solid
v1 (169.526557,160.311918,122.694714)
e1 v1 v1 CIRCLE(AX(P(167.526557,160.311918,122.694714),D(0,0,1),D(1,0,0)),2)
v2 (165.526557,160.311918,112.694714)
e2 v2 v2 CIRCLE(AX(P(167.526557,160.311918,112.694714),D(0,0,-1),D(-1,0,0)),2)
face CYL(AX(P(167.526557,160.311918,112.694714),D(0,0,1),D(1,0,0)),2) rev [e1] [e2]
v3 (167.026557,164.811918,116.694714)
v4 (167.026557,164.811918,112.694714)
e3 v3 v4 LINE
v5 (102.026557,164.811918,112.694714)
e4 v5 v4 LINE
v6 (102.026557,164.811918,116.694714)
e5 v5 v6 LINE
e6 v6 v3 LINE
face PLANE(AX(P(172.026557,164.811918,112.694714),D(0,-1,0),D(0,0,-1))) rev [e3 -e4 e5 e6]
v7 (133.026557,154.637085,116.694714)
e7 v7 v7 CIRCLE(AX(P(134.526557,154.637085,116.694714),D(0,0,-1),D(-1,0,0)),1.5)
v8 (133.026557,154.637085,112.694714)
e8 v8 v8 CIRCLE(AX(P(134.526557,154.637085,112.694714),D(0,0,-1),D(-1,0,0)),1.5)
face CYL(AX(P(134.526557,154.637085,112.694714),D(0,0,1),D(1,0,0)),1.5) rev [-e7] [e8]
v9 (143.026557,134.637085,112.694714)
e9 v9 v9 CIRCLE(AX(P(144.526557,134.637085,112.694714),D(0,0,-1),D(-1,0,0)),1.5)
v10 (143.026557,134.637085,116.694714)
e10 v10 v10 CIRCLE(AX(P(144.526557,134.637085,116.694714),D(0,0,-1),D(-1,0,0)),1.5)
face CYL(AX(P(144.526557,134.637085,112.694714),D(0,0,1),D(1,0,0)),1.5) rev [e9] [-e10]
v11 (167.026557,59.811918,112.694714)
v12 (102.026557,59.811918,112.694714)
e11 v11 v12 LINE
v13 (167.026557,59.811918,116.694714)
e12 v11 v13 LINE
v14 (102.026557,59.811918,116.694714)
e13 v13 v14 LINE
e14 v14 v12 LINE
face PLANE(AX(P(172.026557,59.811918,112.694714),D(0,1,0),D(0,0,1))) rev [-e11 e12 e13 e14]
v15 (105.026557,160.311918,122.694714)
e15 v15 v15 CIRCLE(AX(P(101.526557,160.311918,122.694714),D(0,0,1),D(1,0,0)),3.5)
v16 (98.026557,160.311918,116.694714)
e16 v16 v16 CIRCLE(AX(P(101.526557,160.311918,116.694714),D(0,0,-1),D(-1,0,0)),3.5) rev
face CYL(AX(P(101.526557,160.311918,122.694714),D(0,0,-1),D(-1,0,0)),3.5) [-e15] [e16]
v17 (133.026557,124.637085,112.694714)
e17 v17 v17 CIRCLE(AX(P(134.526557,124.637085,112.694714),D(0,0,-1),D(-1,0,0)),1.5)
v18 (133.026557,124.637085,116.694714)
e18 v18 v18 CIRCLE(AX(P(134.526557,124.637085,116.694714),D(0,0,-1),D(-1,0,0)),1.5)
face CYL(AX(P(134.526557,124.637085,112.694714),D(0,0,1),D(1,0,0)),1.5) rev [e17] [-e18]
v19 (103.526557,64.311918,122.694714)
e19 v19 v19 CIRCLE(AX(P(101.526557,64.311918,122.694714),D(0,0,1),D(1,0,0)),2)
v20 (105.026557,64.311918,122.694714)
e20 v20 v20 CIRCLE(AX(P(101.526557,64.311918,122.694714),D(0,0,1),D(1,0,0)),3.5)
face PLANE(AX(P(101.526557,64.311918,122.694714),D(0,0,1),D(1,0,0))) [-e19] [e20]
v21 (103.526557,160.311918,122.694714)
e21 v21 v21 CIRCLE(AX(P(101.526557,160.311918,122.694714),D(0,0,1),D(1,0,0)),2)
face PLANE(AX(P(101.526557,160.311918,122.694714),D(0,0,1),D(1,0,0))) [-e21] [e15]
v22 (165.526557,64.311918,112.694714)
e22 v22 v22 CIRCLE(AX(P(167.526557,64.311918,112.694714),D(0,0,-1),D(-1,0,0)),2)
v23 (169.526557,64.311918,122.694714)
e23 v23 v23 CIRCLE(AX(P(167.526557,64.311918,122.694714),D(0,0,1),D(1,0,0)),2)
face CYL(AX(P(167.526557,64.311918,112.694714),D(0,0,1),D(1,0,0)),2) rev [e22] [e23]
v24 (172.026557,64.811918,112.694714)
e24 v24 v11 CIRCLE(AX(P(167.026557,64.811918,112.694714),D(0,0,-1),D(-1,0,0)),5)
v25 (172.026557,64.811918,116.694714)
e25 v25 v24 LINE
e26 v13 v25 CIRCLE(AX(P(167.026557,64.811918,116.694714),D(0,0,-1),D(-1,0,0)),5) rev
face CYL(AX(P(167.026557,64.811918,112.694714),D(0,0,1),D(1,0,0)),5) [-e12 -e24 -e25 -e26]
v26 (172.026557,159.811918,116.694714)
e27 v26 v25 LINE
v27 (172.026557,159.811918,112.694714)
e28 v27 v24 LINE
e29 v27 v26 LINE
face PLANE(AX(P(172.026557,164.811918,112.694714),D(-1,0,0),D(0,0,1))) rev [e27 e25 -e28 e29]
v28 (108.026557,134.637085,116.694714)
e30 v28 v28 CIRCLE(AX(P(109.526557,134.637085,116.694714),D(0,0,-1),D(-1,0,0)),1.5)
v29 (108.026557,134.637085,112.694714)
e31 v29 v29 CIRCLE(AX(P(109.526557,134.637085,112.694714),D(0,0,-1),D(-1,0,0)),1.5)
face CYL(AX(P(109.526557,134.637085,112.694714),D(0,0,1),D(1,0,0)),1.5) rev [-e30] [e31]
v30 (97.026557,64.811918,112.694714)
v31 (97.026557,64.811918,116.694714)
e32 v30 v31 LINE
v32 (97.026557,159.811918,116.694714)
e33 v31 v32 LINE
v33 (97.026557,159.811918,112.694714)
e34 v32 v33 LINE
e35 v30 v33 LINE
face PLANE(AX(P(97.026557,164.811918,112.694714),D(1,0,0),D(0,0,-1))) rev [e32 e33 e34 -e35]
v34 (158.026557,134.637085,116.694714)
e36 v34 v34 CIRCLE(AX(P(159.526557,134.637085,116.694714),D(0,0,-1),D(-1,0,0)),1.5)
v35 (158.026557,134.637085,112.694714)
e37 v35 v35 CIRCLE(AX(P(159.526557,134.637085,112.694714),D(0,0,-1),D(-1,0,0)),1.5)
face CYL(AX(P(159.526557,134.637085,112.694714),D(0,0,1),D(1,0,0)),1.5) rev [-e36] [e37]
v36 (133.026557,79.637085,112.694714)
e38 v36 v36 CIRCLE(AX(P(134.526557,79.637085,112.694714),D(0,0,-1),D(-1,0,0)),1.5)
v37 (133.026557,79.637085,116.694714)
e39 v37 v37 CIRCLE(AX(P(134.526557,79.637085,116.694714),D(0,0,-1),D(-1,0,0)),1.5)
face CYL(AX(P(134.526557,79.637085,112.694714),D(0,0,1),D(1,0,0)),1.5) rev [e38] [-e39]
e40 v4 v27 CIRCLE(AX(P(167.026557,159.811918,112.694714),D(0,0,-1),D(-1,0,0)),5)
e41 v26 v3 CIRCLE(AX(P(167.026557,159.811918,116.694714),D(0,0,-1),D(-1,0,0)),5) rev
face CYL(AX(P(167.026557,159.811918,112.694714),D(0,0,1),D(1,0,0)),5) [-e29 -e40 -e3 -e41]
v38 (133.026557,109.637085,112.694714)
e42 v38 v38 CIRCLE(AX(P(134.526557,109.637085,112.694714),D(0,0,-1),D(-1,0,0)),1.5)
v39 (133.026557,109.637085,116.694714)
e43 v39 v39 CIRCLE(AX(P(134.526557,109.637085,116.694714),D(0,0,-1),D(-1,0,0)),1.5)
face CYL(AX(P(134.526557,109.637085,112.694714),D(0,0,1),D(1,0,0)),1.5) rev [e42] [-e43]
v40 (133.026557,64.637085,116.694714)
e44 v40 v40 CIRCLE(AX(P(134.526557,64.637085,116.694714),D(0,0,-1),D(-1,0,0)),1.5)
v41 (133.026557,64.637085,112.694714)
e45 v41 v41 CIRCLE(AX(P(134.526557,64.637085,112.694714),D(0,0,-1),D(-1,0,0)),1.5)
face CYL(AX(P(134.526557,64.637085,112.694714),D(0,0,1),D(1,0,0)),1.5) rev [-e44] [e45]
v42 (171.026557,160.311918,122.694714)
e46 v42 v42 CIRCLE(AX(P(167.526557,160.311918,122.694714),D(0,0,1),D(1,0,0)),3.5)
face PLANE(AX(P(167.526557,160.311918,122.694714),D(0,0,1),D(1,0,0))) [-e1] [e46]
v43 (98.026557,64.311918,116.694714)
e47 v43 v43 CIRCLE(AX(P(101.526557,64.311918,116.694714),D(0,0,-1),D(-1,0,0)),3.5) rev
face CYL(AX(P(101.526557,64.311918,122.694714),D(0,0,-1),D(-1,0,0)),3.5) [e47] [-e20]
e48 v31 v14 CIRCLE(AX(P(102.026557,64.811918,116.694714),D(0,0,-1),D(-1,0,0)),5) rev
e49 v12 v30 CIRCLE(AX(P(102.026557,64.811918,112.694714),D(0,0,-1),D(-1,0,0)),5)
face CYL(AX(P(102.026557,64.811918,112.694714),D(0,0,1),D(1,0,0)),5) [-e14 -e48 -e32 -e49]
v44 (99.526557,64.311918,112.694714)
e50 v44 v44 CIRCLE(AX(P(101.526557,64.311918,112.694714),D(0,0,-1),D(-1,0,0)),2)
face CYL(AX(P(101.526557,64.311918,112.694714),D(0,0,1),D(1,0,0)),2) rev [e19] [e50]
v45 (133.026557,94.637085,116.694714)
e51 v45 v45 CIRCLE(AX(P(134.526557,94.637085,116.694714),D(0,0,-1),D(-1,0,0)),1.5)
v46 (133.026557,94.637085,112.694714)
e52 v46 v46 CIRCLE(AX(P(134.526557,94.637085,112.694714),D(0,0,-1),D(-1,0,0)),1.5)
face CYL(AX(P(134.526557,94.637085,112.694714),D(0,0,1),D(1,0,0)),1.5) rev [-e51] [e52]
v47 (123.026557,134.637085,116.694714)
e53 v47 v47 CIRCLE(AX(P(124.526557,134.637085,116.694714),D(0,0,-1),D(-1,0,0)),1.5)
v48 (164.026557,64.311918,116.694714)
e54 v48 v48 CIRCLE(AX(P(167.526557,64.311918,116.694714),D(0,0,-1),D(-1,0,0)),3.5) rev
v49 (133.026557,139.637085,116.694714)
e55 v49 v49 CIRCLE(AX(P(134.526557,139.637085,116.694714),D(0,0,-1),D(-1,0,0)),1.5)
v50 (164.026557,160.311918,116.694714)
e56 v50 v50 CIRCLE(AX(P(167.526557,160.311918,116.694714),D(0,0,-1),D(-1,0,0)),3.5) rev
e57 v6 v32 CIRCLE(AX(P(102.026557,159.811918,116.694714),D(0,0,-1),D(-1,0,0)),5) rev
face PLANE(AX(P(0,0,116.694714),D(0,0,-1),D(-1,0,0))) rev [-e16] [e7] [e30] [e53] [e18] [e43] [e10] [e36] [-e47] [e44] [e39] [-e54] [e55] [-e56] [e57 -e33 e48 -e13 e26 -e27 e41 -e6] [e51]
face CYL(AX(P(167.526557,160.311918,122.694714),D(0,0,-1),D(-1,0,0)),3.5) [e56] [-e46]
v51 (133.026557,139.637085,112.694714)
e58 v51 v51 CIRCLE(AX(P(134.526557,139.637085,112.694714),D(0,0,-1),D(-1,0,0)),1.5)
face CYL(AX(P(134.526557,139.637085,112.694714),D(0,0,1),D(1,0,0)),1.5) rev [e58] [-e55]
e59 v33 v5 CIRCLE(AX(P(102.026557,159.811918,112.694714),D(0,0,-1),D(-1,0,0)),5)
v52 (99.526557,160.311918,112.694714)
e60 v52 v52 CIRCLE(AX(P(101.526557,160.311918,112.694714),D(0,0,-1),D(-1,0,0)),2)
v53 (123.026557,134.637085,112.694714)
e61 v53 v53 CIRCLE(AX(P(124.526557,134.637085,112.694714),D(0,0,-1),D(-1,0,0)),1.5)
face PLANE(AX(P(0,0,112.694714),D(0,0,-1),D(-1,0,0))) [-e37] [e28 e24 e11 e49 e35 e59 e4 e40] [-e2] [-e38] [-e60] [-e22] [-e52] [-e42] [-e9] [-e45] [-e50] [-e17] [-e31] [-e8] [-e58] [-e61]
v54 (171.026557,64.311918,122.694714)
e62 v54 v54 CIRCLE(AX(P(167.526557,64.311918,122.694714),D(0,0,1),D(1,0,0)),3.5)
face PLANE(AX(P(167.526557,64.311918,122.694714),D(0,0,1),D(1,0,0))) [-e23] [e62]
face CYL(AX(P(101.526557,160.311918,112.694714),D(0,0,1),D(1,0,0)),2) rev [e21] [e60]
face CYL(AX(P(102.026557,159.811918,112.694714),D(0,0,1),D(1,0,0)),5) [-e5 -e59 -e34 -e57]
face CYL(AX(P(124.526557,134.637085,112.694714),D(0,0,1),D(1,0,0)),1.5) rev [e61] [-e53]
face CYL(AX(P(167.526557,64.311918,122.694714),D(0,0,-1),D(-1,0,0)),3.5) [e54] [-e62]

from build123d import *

# Parameters (mm, degrees)
SKETCH1_W           = 75
SKETCH1_H           = 105
SKETCH1_R           = 1.5
SKETCH1_R_2         = 2
BOSS_EXTRUDE1_DEPTH = 4
SKETCH2_R           = 3.5
SKETCH2_R_2         = 2
BOSS_EXTRUDE2_DEPTH = 6
FILLET1_R           = 5


with BuildPart() as part:
    # Sketch1 → Boss-Extrude1 (new body)
    with BuildSketch(Plane(origin=(0, 0, 116.694714263), x_dir=(-1, 0, 0), z_dir=(0, 0, -1))):
        with Locations((-134.526557277, 112.311918208)):
            Rectangle(SKETCH1_W, SKETCH1_H)
        with Locations((-134.526557277, 154.637085275)):
            Circle(SKETCH1_R, mode=Mode.SUBTRACT)
        with Locations((-134.526557277, 139.637085275)):
            Circle(SKETCH1_R, mode=Mode.SUBTRACT)
        with Locations((-144.526557277, 134.637085275)):
            Circle(SKETCH1_R, mode=Mode.SUBTRACT)
        with Locations((-159.526557277, 134.637085275)):
            Circle(SKETCH1_R, mode=Mode.SUBTRACT)
        with Locations((-124.526557277, 134.637085275)):
            Circle(SKETCH1_R, mode=Mode.SUBTRACT)
        with Locations((-109.526557277, 134.637085275)):
            Circle(SKETCH1_R, mode=Mode.SUBTRACT)
        with Locations((-134.526557277, 124.637085275)):
            Circle(SKETCH1_R, mode=Mode.SUBTRACT)
        with Locations((-134.526557277, 109.637085275)):
            Circle(SKETCH1_R, mode=Mode.SUBTRACT)
        with Locations((-134.526557277, 94.637085275)):
            Circle(SKETCH1_R, mode=Mode.SUBTRACT)
        with Locations((-134.526557277, 79.637085275)):
            Circle(SKETCH1_R, mode=Mode.SUBTRACT)
        with Locations((-134.526557277, 64.637085275)):
            Circle(SKETCH1_R, mode=Mode.SUBTRACT)
        with Locations((-167.526557277, 64.311918208)):
            Circle(SKETCH1_R_2, mode=Mode.SUBTRACT)
        with Locations((-101.526557277, 64.311918208)):
            Circle(SKETCH1_R_2, mode=Mode.SUBTRACT)
        with Locations((-101.526557277, 160.311918208)):
            Circle(SKETCH1_R_2, mode=Mode.SUBTRACT)
        with Locations((-167.526557277, 160.311918208)):
            Circle(SKETCH1_R_2, mode=Mode.SUBTRACT)
    extrude(amount=BOSS_EXTRUDE1_DEPTH)

    # Sketch2 → Boss-Extrude2 (add)
    with BuildSketch(Plane.XY.offset(116.694714263)):
        with Locations((101.526557277, 160.311918208)):
            Circle(SKETCH2_R)
        with Locations((101.526557277, 160.311918208)):
            Circle(SKETCH2_R_2, mode=Mode.SUBTRACT)
        with Locations((167.526557277, 160.311918208)):
            Circle(SKETCH2_R)
        with Locations((167.526557277, 160.311918208)):
            Circle(SKETCH2_R_2, mode=Mode.SUBTRACT)
        with Locations((101.526557277, 64.311918208)):
            Circle(SKETCH2_R)
        with Locations((101.526557277, 64.311918208)):
            Circle(SKETCH2_R_2, mode=Mode.SUBTRACT)
        with Locations((167.526557277, 64.311918208)):
            Circle(SKETCH2_R)
        with Locations((167.526557277, 64.311918208)):
            Circle(SKETCH2_R_2, mode=Mode.SUBTRACT)
    extrude(amount=BOSS_EXTRUDE2_DEPTH)

    # Fillet1
    fillet1_edges = [part.edges().sort_by_distance(p)[0] for p in [
        (172.026557277, 164.811918208, 114.694714263),
        (97.026557277, 164.811918208, 114.694714263),
        (97.026557277, 59.811918208, 114.694714263),
        (172.026557277, 59.811918208, 114.694714263),
    ]]
    fillet(fillet1_edges, radius=FILLET1_R)


solid = part.part
